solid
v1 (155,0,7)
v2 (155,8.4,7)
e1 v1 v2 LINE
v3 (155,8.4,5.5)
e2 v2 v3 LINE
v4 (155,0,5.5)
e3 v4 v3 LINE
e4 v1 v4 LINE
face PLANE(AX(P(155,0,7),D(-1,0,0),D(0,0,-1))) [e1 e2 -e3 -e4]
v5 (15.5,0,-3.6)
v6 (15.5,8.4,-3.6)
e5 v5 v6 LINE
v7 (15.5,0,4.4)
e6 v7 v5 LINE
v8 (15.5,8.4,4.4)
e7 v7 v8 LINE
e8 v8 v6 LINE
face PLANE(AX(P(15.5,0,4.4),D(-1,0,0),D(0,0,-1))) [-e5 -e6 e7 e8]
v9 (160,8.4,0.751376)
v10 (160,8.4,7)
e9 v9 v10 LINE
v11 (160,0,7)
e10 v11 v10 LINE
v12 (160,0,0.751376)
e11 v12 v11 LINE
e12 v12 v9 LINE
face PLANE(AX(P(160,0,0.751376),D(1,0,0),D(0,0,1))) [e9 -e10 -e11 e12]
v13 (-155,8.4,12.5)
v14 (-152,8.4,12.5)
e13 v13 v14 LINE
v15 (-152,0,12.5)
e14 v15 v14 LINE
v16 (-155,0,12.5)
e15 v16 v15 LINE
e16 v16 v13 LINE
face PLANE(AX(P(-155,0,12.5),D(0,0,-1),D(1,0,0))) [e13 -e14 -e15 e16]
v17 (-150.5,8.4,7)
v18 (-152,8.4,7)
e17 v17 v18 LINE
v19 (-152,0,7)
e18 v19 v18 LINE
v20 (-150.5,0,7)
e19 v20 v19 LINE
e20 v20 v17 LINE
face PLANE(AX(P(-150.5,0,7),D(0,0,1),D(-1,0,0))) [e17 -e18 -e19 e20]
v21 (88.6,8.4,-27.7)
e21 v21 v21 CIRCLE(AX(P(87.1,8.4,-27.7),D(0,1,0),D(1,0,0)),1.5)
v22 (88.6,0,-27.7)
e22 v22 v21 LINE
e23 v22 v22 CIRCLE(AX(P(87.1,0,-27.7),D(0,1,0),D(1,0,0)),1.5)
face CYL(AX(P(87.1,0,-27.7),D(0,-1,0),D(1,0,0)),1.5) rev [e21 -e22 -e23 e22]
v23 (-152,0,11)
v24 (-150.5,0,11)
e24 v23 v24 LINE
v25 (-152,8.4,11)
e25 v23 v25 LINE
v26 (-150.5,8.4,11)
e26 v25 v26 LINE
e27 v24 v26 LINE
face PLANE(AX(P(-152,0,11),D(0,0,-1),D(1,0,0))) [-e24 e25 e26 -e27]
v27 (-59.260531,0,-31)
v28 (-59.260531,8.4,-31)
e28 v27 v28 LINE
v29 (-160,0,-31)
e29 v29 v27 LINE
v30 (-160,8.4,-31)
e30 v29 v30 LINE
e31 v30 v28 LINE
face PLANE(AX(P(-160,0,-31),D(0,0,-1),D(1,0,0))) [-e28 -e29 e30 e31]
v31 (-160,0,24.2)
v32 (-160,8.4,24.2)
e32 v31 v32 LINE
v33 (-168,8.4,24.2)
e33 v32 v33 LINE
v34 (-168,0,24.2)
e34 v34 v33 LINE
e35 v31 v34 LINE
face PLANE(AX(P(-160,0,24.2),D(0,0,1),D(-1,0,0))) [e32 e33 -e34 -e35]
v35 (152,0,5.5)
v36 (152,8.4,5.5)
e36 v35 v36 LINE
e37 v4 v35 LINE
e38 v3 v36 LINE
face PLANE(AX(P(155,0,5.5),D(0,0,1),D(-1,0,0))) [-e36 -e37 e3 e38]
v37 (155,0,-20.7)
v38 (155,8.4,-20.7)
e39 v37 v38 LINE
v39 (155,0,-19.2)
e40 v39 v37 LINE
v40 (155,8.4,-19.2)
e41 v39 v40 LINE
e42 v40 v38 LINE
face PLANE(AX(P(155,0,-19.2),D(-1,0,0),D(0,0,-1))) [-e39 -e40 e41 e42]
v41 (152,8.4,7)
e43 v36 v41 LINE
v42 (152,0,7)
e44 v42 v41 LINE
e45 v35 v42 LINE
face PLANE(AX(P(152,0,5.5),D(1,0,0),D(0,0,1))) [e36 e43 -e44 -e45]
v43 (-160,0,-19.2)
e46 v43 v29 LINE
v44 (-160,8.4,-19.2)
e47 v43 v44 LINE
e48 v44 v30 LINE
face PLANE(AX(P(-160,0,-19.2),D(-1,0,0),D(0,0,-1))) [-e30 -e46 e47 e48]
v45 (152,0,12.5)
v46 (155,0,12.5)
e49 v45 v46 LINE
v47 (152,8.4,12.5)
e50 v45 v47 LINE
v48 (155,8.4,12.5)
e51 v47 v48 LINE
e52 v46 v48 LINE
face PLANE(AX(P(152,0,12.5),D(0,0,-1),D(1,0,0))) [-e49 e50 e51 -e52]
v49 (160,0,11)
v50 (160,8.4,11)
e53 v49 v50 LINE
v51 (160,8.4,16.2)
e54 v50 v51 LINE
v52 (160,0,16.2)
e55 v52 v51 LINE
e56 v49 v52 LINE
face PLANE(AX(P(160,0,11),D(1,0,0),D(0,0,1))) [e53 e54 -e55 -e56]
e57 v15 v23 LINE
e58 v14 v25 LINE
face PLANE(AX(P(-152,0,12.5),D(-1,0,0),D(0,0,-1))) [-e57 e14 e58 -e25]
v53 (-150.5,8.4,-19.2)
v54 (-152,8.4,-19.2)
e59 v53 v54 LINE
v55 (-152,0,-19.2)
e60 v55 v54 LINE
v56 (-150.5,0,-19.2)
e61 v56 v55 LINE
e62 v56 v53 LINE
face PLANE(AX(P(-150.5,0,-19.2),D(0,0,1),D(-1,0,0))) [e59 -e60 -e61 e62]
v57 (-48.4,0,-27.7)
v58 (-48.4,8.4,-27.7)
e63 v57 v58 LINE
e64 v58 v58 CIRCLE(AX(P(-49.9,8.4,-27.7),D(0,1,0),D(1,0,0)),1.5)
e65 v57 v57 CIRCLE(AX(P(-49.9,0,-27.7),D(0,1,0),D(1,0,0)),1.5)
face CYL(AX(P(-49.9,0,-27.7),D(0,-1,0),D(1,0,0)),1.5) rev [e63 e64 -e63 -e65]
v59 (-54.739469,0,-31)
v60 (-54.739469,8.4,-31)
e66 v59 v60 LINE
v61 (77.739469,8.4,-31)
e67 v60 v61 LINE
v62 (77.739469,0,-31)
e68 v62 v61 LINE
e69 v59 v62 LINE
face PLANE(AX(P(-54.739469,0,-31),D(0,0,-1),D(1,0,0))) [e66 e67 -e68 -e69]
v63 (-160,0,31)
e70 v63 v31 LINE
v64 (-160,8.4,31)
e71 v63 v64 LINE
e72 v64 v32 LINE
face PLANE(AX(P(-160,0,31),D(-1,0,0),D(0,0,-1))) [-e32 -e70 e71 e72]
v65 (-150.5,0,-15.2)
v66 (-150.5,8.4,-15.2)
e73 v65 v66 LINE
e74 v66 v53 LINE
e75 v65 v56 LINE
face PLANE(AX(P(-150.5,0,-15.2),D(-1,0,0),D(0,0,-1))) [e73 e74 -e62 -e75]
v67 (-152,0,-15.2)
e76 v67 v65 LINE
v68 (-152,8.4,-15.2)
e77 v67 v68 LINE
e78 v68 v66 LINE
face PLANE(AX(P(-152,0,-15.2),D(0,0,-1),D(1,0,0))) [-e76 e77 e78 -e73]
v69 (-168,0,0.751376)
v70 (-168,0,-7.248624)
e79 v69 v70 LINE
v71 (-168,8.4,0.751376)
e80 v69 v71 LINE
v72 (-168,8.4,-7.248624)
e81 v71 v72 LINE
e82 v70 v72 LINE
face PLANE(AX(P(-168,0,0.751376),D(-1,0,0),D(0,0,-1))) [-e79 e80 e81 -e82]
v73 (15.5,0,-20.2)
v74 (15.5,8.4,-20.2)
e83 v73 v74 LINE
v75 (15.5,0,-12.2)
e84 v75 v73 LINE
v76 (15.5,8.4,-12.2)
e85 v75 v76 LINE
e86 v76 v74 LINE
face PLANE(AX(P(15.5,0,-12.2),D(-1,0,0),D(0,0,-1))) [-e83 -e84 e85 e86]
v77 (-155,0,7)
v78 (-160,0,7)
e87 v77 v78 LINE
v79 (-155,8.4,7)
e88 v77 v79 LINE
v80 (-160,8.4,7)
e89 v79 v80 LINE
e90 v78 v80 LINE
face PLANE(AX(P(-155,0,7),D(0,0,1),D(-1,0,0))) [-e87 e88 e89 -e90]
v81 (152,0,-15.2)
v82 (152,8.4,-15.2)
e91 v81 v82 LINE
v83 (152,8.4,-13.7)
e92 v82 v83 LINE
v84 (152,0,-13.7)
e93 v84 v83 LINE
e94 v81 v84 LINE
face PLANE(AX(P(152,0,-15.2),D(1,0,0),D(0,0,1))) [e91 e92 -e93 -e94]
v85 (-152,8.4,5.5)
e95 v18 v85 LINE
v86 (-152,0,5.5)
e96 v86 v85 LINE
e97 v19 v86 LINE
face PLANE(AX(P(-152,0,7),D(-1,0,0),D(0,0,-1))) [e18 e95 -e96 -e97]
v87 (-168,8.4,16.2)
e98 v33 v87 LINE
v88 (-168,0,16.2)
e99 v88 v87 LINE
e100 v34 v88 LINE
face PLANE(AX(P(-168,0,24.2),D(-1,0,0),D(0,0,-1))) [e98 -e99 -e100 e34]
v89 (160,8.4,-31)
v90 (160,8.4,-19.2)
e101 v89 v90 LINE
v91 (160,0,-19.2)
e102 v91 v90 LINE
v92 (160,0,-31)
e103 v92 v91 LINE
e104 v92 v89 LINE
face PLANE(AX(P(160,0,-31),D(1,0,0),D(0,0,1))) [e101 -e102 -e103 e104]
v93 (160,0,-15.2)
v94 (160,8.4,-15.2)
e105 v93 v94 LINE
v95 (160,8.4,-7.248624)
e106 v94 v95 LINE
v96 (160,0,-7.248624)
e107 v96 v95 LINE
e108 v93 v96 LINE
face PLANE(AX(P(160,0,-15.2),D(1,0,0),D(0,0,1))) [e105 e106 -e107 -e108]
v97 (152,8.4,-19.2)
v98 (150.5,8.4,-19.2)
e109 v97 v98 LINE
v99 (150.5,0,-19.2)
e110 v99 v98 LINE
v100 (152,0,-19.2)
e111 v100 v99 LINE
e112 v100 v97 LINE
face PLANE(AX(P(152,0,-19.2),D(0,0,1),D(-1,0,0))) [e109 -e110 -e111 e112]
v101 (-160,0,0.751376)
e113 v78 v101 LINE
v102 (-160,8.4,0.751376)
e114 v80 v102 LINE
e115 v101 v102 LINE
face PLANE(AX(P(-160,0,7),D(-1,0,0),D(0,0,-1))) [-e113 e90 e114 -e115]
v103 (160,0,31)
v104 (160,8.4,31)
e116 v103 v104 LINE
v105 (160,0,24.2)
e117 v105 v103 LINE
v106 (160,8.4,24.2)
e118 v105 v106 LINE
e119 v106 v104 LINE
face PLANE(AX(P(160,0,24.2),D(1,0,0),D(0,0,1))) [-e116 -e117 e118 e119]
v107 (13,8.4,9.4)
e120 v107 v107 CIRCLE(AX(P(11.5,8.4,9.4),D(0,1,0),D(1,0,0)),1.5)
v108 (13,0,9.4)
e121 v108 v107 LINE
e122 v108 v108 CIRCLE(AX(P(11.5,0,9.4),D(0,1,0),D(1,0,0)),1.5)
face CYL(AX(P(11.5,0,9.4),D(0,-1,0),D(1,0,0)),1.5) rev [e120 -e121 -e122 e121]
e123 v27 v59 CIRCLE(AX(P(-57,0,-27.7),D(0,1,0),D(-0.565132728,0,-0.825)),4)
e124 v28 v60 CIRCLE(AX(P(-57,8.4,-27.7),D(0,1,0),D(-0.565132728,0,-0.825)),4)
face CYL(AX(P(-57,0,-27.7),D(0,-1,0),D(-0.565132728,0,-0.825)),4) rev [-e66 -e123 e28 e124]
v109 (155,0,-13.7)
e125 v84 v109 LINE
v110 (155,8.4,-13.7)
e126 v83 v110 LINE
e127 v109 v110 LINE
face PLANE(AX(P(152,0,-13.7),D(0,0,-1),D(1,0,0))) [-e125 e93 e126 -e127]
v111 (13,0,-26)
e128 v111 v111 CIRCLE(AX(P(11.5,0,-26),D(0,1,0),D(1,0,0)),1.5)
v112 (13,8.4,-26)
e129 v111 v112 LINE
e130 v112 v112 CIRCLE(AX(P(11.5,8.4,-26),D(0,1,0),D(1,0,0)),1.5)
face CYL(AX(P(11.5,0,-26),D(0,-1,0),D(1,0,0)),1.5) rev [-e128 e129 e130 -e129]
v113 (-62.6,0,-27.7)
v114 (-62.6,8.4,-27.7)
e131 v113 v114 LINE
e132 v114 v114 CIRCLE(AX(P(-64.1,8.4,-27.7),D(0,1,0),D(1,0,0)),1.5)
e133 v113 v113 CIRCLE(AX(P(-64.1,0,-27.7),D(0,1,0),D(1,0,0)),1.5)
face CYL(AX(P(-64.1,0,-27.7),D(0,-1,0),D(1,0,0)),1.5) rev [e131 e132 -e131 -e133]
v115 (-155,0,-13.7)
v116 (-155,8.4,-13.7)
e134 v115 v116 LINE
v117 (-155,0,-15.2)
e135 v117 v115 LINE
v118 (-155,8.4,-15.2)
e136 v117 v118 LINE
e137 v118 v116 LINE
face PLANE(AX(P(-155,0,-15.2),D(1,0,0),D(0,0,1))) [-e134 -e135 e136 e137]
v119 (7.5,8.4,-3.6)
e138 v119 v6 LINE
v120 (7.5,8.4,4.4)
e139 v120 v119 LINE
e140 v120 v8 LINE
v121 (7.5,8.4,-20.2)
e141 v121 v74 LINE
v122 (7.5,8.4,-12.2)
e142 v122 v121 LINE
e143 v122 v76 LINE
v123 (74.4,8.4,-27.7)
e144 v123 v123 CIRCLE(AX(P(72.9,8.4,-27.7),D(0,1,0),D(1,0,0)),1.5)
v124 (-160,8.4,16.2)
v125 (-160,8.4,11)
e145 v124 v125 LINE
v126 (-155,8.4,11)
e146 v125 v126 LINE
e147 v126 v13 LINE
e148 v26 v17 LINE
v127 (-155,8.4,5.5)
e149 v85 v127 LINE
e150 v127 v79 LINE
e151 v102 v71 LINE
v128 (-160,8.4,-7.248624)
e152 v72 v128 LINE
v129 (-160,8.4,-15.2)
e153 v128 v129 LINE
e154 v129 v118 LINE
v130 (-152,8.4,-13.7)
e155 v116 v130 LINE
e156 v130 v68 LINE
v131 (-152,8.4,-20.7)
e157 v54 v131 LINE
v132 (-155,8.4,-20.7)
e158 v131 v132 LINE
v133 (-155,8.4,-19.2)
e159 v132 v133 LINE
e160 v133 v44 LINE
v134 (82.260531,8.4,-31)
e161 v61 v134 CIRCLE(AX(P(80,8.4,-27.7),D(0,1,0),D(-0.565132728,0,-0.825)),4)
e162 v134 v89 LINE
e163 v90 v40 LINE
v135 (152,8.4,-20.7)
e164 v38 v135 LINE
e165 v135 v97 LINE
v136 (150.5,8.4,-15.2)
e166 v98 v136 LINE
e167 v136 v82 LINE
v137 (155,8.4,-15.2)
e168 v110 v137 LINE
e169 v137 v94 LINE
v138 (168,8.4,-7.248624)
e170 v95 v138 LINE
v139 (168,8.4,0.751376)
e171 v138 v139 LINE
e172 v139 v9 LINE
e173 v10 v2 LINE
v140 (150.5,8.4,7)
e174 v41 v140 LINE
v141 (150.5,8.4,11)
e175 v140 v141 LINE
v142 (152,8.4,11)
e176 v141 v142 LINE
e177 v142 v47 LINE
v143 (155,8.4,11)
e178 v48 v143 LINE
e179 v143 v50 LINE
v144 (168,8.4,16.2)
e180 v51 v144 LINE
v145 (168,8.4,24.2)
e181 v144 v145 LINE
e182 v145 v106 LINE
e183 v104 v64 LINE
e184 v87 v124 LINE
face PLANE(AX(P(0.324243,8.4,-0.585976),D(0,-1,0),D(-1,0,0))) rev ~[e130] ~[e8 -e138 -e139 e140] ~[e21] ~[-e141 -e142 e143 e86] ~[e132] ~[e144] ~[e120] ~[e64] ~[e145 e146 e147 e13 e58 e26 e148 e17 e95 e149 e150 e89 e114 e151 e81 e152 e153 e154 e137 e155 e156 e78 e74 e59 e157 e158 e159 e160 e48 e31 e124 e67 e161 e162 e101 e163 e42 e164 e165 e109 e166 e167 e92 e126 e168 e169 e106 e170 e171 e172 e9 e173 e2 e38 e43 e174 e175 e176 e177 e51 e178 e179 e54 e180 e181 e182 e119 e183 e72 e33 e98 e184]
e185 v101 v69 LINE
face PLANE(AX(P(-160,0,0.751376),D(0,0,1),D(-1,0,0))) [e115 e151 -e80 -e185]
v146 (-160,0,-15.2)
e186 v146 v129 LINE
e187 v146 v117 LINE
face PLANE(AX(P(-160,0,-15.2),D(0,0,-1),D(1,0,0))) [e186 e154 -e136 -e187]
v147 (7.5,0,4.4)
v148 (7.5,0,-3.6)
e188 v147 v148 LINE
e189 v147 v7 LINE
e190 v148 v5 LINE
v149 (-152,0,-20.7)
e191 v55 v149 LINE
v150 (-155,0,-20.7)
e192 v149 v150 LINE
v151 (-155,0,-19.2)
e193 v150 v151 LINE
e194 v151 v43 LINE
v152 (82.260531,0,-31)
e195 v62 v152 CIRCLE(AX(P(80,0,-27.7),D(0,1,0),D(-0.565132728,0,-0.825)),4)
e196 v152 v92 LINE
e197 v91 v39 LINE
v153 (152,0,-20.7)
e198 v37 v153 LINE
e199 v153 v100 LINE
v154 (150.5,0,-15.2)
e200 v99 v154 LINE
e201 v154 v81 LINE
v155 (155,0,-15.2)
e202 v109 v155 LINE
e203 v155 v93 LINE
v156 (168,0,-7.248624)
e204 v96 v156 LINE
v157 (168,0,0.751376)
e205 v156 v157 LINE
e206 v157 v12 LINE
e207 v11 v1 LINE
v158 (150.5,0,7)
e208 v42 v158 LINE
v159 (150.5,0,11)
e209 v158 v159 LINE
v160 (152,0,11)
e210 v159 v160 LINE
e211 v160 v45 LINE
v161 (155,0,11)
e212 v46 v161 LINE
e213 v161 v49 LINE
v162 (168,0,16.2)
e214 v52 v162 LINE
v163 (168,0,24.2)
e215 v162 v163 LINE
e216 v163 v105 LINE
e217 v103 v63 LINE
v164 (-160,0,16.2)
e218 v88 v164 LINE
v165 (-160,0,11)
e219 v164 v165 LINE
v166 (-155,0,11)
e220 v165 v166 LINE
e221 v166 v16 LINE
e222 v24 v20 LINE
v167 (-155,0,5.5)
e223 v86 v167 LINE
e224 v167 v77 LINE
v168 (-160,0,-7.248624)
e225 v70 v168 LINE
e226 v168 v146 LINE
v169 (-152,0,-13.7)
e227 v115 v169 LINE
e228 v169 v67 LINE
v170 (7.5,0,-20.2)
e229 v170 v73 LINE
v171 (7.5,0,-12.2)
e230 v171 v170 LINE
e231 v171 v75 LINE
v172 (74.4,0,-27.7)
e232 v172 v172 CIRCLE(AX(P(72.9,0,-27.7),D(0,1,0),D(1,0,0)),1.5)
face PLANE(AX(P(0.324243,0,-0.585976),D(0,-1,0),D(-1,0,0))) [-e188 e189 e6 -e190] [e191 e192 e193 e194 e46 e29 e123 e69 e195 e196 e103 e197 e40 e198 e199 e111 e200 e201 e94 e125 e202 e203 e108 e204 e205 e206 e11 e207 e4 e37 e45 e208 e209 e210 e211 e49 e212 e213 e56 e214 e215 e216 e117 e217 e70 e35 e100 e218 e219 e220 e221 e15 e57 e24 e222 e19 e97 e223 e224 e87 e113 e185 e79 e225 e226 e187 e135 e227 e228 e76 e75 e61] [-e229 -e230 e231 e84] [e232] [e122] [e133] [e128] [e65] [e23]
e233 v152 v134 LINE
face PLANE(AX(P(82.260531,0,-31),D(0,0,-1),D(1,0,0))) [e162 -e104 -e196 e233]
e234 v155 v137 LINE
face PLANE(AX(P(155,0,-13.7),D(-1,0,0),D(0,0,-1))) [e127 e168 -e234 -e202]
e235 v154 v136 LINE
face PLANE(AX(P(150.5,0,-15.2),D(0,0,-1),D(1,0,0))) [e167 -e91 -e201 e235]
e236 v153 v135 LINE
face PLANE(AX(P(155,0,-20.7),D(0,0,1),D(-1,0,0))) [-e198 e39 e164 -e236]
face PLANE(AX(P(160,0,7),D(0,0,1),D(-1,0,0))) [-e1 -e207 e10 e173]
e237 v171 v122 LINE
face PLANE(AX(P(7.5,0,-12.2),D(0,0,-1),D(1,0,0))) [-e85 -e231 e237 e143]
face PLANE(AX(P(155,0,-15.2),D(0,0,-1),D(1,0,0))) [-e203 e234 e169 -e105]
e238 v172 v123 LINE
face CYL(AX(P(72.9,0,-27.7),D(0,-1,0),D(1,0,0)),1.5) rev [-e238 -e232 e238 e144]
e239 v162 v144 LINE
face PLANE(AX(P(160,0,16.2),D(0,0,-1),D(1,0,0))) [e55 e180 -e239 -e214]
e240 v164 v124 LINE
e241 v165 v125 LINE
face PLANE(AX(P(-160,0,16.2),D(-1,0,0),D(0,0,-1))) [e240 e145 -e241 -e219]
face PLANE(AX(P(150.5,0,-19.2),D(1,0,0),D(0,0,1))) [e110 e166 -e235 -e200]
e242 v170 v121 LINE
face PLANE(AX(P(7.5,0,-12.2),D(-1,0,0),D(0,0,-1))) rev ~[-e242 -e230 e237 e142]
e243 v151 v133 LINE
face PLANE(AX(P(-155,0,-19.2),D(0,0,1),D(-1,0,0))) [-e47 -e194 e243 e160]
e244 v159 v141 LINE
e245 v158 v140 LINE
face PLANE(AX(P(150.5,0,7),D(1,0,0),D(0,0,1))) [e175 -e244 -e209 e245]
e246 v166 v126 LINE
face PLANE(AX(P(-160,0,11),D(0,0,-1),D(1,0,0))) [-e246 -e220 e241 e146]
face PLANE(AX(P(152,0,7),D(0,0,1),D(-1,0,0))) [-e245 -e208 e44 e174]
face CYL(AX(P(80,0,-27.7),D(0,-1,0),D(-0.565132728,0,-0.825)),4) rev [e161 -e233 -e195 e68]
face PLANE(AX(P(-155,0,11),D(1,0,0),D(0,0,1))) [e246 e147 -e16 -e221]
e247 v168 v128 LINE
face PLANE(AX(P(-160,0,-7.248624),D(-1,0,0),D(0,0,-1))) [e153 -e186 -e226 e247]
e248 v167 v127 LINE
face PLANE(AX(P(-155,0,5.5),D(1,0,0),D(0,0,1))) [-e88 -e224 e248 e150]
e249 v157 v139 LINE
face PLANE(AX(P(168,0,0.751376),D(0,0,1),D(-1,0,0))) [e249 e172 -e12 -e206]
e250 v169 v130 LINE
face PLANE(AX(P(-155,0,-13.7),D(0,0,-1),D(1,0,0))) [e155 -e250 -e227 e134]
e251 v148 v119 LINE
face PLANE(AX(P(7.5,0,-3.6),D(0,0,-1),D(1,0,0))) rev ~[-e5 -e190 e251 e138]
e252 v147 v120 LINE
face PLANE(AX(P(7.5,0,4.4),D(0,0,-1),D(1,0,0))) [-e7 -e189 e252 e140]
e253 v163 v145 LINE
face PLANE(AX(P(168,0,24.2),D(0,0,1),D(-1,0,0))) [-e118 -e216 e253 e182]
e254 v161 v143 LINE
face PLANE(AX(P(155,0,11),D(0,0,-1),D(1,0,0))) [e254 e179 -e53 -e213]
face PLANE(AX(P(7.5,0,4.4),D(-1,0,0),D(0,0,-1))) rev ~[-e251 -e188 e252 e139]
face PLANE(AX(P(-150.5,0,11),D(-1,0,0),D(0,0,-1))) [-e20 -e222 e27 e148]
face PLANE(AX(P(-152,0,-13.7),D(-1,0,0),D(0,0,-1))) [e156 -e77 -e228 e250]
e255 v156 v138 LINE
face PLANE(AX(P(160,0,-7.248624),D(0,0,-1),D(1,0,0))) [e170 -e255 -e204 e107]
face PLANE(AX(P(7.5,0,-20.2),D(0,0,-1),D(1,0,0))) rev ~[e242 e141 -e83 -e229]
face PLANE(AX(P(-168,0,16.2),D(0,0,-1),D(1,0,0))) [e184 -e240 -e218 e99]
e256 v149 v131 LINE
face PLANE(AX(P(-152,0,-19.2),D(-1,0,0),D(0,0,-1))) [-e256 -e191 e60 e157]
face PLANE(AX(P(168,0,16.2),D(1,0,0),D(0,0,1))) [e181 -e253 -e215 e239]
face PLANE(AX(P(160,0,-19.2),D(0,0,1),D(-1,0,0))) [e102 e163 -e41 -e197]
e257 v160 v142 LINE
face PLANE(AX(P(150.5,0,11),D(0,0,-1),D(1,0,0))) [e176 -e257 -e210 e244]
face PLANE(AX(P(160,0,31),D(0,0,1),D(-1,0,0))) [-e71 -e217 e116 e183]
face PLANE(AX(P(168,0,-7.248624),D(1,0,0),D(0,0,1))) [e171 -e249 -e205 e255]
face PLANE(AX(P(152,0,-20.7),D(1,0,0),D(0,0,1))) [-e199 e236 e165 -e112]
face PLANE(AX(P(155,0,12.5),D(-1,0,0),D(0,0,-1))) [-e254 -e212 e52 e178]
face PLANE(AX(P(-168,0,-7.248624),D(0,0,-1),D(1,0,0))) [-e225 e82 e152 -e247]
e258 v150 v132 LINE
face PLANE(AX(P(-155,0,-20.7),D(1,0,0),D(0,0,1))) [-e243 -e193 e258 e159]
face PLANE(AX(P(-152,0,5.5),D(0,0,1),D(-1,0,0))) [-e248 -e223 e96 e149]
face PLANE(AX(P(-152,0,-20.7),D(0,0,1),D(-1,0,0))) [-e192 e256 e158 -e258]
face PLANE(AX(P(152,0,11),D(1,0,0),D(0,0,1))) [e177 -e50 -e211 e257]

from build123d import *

# Parameters (mm, degrees)
SKETCH1_R           = 1.5
SKETCH1_W           = 8
SKETCH1_H           = 8
BOSS_EXTRUDE1_DEPTH = 8.4


with BuildPart() as part:
    # Sketch1 → Boss-Extrude1 (new body)
    with BuildSketch(Plane(origin=(0, 0, 0), x_dir=(1, 0, 0), z_dir=(0, 1, 0))):
        with BuildLine():
            Line((-160, 31), (-59.260530911, 31))
            ThreePointArc((-59.260530911, 31), (-57, 23.7), (-54.739469089, 31))
            Line((-54.739469089, 31), (77.739469089, 31))
            ThreePointArc((77.739469089, 31), (80, 23.7), (82.260530911, 31))
            Line((82.260530911, 31), (160, 31))
            Line((160, 31), (160, 19.2))
            Line((160, 19.2), (155, 19.2))
            Line((155, 19.2), (155, 20.7))
            Line((155, 20.7), (152, 20.7))
            Line((152, 20.7), (152, 19.2))
            Line((152, 19.2), (150.5, 19.2))
            Line((150.5, 19.2), (150.5, 15.2))
            Line((150.5, 15.2), (152, 15.2))
            Line((152, 15.2), (152, 13.7))
            Line((152, 13.7), (155, 13.7))
            Line((155, 13.7), (155, 15.2))
            Line((155, 15.2), (160, 15.2))
            Line((160, 15.2), (160, 7.248623706))
            Line((160, 7.248623706), (168, 7.248623706))
            Line((168, 7.248623706), (168, -0.751376294))
            Line((168, -0.751376294), (160, -0.751376294))
            Line((160, -0.751376294), (160, -7))
            Line((160, -7), (155, -7))
            Line((155, -7), (155, -5.5))
            Line((155, -5.5), (152, -5.5))
            Line((152, -5.5), (152, -7))
            Line((152, -7), (150.5, -7))
            Line((150.5, -7), (150.5, -11))
            Line((150.5, -11), (152, -11))
            Line((152, -11), (152, -12.5))
            Line((152, -12.5), (155, -12.5))
            Line((155, -12.5), (155, -11))
            Line((155, -11), (160, -11))
            Line((160, -11), (160, -16.2))
            Line((160, -16.2), (168, -16.2))
            Line((168, -16.2), (168, -24.2))
            Line((168, -24.2), (160, -24.2))
            Line((160, -24.2), (160, -31))
            Line((160, -31), (-160, -31))
            Line((-160, -31), (-160, -24.2))
            Line((-160, -24.2), (-168, -24.2))
            Line((-168, -24.2), (-168, -16.2))
            Line((-168, -16.2), (-160, -16.2))
            Line((-160, -16.2), (-160, -11))
            Line((-160, -11), (-155, -11))
            Line((-155, -11), (-155, -12.5))
            Line((-155, -12.5), (-152, -12.5))
            Line((-152, -12.5), (-152, -11))
            Line((-152, -11), (-150.5, -11))
            Line((-150.5, -11), (-150.5, -7))
            Line((-150.5, -7), (-152, -7))
            Line((-152, -7), (-152, -5.5))
            Line((-152, -5.5), (-155, -5.5))
            Line((-155, -5.5), (-155, -7))
            Line((-155, -7), (-160, -7))
            Line((-160, -7), (-160, -0.751376294))
            Line((-160, -0.751376294), (-168, -0.751376294))
            Line((-168, -0.751376294), (-168, 7.248623706))
            Line((-168, 7.248623706), (-160, 7.248623706))
            Line((-160, 7.248623706), (-160, 15.2))
            Line((-160, 15.2), (-155, 15.2))
            Line((-155, 15.2), (-155, 13.7))
            Line((-155, 13.7), (-152, 13.7))
            Line((-152, 13.7), (-152, 15.2))
            Line((-152, 15.2), (-150.5, 15.2))
            Line((-150.5, 15.2), (-150.5, 19.2))
            Line((-150.5, 19.2), (-152, 19.2))
            Line((-152, 19.2), (-152, 20.7))
            Line((-152, 20.7), (-155, 20.7))
            Line((-155, 20.7), (-155, 19.2))
            Line((-155, 19.2), (-160, 19.2))
            Line((-160, 19.2), (-160, 31))
        make_face()
        with Locations((87.1, 27.7)):
            Circle(SKETCH1_R, mode=Mode.SUBTRACT)
        with Locations((72.9, 27.7)):
            Circle(SKETCH1_R, mode=Mode.SUBTRACT)
        with Locations((-49.9, 27.7)):
            Circle(SKETCH1_R, mode=Mode.SUBTRACT)
        with Locations((-64.1, 27.7)):
            Circle(SKETCH1_R, mode=Mode.SUBTRACT)
        with Locations((11.5, 26)):
            Circle(SKETCH1_R, mode=Mode.SUBTRACT)
        with Locations((11.5, -9.4)):
            Circle(SKETCH1_R, mode=Mode.SUBTRACT)
        with Locations((11.5, -0.4)):
            Rectangle(SKETCH1_W, SKETCH1_H, mode=Mode.SUBTRACT)
        with Locations((11.5, 16.2)):
            Rectangle(SKETCH1_W, SKETCH1_H, mode=Mode.SUBTRACT)
    extrude(amount=BOSS_EXTRUDE1_DEPTH)


solid = part.part
